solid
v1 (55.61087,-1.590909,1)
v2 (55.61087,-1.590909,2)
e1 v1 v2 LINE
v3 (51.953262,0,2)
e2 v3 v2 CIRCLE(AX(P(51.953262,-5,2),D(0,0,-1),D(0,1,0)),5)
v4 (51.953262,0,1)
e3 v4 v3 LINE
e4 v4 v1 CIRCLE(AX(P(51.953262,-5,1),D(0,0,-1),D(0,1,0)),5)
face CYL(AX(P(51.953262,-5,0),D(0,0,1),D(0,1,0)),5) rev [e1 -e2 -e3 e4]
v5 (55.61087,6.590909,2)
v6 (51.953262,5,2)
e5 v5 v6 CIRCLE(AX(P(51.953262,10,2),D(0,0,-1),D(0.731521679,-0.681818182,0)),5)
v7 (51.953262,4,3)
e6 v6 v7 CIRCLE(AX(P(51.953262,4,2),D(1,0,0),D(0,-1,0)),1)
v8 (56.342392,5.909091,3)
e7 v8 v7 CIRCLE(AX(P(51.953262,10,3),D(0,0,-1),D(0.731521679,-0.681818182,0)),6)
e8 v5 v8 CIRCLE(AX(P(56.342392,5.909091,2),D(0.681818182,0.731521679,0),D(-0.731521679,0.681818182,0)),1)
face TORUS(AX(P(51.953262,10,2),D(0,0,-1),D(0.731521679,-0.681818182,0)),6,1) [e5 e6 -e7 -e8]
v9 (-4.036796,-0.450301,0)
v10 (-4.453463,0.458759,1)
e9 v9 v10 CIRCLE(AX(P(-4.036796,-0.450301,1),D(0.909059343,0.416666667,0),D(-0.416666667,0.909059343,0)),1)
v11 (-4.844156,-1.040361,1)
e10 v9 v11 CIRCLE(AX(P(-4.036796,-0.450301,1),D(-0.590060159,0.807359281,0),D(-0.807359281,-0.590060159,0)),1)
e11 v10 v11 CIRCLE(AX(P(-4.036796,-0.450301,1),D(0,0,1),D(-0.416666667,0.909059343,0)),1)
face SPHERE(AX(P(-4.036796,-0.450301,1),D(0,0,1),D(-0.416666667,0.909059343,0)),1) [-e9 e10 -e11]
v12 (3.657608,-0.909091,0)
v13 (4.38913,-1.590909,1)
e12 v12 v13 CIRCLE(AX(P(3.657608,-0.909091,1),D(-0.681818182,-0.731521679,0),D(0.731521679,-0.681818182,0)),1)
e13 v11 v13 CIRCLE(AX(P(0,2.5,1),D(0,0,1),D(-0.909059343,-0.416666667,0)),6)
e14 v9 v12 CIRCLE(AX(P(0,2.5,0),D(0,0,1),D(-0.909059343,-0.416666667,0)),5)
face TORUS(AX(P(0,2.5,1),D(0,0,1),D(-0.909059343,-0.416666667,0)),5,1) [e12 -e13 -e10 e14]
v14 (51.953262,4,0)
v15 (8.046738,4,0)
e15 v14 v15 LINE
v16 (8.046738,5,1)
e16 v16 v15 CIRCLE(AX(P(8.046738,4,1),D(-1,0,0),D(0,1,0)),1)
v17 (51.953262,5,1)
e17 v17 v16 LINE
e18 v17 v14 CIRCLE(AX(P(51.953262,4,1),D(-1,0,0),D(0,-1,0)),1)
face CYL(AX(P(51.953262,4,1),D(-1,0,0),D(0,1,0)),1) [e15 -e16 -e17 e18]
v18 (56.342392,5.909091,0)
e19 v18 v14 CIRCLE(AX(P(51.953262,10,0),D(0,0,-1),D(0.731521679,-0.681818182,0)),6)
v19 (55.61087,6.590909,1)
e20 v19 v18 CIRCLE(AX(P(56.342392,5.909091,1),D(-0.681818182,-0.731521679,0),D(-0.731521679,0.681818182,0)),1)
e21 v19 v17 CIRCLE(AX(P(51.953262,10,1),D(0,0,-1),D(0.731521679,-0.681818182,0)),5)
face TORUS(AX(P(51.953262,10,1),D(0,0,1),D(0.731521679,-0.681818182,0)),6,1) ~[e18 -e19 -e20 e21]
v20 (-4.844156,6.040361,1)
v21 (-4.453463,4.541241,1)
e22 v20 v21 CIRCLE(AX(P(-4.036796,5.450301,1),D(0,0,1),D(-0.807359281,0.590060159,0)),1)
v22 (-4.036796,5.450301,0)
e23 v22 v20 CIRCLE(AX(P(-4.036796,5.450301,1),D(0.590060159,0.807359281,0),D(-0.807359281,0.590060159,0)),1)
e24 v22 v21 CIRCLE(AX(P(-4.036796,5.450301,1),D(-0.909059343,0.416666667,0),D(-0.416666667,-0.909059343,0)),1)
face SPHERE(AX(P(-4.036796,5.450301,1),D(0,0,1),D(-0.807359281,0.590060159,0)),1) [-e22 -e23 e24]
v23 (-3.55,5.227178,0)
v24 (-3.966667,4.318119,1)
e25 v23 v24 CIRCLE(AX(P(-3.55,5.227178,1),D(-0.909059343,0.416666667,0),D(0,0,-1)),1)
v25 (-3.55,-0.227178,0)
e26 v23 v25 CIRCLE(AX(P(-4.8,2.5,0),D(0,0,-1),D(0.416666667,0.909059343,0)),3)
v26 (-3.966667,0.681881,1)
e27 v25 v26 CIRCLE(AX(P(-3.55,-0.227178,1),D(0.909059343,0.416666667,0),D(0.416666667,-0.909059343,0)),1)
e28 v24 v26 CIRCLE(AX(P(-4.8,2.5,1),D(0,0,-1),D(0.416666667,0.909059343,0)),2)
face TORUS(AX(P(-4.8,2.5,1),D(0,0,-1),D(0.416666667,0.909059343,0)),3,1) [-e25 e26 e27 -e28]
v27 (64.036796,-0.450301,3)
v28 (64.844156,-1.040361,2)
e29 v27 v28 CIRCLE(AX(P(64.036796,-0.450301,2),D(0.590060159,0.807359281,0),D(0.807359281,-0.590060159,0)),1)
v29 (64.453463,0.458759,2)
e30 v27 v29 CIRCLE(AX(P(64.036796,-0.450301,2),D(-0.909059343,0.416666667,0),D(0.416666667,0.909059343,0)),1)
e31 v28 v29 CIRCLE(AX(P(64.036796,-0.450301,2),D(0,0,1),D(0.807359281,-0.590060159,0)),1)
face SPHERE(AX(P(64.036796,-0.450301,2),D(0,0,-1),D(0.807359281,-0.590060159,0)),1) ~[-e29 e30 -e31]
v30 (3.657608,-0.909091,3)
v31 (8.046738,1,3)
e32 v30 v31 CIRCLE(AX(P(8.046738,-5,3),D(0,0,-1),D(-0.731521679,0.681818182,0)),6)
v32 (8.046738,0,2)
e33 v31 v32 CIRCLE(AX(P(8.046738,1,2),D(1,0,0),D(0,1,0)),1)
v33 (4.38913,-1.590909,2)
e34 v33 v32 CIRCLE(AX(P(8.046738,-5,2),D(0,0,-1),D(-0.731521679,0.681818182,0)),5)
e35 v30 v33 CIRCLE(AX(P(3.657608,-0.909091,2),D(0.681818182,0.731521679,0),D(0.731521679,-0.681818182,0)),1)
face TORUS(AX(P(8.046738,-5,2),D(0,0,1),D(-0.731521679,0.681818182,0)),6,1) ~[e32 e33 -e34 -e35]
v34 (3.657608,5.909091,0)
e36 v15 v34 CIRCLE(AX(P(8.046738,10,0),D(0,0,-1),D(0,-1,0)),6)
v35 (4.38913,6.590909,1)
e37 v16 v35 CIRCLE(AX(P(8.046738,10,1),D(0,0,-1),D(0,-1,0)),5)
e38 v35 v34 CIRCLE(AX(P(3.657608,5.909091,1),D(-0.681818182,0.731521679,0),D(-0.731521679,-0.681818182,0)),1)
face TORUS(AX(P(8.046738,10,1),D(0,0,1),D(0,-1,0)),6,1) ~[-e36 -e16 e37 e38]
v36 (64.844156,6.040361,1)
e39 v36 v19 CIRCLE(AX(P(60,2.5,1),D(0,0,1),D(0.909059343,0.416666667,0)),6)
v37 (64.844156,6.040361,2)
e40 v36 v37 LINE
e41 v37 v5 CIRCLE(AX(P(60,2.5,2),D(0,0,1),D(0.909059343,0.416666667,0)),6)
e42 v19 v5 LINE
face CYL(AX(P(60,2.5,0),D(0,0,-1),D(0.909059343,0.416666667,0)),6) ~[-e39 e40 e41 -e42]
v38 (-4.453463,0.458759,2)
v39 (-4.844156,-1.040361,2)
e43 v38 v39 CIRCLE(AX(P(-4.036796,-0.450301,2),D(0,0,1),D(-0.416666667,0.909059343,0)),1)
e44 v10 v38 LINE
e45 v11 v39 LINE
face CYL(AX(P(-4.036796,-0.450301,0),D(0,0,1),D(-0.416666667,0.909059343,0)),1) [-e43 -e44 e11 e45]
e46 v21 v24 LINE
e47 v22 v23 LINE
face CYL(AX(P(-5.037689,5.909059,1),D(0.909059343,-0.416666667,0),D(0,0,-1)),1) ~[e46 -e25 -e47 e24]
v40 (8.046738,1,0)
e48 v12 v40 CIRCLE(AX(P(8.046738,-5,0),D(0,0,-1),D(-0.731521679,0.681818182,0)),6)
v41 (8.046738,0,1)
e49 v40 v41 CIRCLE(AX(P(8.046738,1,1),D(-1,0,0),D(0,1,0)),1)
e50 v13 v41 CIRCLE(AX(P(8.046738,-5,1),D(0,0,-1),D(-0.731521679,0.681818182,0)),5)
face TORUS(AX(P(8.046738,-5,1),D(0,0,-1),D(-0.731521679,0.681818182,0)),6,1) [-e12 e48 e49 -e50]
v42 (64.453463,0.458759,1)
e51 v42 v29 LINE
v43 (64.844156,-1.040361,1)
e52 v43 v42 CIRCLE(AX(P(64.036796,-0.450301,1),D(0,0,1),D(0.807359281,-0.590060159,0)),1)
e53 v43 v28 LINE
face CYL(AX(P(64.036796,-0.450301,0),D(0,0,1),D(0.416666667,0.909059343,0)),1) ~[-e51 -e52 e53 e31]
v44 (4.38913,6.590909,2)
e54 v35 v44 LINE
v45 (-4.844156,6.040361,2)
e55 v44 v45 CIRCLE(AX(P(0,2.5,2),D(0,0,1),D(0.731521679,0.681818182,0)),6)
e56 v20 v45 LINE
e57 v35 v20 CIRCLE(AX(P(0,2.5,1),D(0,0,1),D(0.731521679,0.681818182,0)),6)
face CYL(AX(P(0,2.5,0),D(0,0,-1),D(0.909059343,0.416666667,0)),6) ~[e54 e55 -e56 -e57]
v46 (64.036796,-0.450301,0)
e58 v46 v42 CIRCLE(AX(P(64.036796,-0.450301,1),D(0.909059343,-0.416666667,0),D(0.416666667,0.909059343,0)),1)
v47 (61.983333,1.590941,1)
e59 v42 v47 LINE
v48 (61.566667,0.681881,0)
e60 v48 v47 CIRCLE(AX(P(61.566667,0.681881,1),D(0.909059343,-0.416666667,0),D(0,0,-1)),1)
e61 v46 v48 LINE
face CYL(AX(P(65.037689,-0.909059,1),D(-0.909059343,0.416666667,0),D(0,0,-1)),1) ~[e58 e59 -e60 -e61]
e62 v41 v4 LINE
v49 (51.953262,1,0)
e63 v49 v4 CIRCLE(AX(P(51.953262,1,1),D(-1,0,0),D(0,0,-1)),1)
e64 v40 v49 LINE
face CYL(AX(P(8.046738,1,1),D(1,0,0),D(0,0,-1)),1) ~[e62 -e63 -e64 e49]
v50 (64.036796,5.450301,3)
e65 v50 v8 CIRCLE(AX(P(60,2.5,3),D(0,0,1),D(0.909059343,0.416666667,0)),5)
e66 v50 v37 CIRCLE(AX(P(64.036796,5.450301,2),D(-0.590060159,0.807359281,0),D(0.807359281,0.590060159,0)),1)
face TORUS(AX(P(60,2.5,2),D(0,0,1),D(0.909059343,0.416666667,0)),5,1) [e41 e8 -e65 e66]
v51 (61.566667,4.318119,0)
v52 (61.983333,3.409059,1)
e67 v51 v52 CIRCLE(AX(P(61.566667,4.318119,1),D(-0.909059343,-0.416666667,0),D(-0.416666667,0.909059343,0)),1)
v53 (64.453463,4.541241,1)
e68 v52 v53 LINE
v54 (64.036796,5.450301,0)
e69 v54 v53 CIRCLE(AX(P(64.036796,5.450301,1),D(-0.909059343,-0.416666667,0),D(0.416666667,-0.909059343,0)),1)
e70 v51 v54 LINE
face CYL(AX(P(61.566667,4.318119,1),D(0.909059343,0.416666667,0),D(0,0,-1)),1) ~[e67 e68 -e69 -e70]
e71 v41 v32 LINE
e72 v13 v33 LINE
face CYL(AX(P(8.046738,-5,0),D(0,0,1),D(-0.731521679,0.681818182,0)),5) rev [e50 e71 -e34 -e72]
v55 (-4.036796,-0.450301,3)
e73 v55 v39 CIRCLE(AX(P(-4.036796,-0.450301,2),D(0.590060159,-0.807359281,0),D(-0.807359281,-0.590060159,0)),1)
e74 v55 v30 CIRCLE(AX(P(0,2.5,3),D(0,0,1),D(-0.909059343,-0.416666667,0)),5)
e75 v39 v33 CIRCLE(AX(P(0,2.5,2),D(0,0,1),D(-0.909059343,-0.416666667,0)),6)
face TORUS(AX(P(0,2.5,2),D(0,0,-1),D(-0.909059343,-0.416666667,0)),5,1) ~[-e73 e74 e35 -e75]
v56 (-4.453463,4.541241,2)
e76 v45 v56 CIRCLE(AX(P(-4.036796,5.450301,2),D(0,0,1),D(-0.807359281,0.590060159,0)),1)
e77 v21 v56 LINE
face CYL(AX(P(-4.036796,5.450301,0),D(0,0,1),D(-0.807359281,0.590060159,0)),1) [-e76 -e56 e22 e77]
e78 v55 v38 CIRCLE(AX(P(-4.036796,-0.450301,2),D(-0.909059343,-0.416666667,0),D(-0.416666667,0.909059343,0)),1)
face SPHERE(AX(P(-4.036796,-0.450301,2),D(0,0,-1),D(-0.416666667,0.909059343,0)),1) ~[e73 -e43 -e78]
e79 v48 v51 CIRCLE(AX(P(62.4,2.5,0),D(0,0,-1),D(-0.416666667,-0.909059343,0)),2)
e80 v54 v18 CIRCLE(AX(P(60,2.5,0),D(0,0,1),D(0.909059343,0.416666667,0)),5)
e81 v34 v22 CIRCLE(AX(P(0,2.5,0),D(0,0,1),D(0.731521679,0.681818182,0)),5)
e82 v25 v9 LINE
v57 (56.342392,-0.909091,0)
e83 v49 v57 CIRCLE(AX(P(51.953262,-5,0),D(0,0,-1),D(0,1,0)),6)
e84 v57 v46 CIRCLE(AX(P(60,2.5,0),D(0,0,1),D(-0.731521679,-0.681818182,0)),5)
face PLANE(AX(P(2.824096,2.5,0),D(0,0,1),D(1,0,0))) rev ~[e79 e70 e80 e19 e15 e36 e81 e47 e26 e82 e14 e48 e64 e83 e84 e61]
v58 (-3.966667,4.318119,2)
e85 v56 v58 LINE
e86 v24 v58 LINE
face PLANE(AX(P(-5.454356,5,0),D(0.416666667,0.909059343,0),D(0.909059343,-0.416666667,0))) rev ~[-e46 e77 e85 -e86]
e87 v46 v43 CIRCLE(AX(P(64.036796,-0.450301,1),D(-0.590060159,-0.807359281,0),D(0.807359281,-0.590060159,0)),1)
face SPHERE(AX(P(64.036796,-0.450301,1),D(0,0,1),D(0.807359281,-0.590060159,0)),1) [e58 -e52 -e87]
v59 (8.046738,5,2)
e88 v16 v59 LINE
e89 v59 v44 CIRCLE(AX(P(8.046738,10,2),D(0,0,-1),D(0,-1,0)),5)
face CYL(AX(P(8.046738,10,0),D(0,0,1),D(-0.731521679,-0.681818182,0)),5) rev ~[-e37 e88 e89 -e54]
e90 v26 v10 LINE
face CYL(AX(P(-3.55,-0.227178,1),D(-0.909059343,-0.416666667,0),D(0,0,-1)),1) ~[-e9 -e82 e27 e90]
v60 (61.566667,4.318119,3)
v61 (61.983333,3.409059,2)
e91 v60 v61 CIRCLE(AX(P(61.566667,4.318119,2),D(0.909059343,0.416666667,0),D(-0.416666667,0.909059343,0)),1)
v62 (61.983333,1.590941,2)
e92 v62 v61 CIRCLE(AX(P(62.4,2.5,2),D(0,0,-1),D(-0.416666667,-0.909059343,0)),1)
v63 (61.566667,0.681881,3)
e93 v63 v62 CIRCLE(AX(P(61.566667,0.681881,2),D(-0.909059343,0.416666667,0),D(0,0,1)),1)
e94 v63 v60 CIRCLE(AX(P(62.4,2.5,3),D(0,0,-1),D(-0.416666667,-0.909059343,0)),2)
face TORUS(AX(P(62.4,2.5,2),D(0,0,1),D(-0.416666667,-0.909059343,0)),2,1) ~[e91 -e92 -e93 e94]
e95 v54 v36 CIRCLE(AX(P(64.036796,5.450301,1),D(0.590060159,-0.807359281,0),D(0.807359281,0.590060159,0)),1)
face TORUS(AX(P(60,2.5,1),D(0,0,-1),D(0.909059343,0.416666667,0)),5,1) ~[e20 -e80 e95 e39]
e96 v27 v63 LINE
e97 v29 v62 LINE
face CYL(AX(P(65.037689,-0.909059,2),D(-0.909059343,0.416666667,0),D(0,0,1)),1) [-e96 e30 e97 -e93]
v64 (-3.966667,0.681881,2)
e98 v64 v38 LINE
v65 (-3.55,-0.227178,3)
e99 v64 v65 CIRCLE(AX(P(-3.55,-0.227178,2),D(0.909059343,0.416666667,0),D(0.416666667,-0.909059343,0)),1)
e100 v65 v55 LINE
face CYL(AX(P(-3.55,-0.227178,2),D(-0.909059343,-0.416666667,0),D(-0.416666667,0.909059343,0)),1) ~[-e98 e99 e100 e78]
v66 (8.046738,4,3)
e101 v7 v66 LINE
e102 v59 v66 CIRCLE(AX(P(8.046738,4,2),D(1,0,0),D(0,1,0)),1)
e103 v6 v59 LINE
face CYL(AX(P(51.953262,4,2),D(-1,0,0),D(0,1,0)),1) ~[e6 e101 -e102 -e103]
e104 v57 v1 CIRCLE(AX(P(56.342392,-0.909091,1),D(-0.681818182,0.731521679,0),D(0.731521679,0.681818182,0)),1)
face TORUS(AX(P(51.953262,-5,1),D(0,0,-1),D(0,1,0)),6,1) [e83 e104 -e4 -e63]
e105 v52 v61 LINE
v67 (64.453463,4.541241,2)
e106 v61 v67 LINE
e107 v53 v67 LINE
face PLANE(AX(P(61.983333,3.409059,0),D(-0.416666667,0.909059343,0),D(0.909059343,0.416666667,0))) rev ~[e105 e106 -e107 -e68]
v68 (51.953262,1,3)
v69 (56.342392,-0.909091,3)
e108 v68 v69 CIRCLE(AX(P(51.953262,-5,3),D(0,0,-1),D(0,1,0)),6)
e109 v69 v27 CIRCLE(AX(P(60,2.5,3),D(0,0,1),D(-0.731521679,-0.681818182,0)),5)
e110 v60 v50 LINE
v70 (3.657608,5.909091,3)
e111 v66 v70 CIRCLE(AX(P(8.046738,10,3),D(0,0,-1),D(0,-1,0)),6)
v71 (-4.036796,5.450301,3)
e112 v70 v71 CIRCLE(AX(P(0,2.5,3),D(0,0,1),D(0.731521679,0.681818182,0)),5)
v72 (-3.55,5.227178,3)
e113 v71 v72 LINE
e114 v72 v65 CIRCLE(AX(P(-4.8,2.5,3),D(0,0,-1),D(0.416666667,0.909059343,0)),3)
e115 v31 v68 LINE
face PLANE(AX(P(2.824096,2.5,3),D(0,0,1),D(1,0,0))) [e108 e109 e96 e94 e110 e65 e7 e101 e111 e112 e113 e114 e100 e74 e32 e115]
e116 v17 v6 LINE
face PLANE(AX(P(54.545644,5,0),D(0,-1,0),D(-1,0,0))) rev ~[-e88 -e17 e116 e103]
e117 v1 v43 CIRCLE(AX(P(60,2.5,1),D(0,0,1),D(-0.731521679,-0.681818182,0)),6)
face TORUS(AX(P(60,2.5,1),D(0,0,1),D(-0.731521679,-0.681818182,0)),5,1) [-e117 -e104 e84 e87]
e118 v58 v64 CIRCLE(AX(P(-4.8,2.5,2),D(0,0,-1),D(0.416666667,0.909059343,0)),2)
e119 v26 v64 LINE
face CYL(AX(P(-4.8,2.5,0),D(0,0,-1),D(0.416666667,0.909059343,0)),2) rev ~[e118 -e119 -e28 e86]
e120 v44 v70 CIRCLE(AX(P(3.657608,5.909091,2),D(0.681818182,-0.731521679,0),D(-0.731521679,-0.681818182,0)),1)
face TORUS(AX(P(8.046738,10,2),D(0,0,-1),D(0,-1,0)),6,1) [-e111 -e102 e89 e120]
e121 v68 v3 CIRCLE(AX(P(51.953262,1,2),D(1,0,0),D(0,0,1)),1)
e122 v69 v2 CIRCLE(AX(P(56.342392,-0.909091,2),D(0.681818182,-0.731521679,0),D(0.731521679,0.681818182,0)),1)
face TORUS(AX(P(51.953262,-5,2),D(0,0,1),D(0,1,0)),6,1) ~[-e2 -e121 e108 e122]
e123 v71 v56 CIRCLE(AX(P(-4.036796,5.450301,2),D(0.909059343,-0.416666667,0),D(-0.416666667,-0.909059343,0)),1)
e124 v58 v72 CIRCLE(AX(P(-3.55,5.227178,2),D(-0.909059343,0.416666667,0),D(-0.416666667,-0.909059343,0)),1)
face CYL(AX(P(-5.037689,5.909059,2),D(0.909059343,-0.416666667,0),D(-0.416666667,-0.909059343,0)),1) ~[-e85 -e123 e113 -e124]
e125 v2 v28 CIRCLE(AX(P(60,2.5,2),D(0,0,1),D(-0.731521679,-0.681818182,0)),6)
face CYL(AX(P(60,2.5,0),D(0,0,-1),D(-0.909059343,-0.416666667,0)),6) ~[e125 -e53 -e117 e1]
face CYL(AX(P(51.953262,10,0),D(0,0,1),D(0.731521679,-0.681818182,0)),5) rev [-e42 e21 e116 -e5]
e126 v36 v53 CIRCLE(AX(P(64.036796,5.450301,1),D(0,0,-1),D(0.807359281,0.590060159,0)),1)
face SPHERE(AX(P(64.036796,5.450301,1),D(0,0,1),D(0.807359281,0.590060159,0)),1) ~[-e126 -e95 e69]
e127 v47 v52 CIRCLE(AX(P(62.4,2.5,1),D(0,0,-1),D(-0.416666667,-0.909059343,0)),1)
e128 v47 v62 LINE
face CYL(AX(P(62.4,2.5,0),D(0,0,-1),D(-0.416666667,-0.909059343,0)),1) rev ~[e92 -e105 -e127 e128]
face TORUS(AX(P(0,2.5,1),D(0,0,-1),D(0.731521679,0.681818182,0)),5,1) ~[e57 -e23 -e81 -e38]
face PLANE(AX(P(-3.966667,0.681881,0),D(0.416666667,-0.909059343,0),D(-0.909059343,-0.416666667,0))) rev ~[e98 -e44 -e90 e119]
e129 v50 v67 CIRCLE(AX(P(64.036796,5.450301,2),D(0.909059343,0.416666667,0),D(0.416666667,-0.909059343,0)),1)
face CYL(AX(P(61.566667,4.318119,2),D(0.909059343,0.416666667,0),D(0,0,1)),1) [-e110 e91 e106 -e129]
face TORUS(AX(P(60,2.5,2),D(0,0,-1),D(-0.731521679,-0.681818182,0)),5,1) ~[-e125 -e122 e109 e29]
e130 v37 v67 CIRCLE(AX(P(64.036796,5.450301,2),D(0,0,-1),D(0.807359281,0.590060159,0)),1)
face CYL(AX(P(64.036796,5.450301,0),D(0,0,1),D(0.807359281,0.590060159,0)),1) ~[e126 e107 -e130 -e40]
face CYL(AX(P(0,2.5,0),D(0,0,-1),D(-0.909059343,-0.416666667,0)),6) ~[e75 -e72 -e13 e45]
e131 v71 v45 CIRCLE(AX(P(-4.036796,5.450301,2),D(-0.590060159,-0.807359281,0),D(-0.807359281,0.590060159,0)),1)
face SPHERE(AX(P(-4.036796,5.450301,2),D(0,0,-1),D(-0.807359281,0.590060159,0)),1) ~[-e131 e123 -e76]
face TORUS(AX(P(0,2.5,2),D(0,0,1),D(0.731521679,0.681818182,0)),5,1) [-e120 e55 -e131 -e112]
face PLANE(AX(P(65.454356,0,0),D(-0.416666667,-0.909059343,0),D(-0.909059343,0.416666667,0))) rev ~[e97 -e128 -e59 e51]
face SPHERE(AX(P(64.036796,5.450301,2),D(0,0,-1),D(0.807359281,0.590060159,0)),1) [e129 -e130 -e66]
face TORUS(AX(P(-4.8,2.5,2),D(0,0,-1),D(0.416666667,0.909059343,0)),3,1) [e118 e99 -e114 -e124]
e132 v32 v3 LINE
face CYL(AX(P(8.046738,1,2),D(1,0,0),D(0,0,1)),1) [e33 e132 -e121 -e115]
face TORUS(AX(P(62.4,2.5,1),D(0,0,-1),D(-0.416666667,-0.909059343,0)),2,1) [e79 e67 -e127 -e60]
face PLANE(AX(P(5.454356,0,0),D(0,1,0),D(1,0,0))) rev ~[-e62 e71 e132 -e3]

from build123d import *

# Parameters (mm, degrees)
F1_DEPTH = 3
F2_R     = 5
F3_R     = 1


with BuildPart() as f1:
    # F0 (on Top) → F1 (new body)
    with BuildSketch(Plane.XY):
        with BuildLine():
            Line((0, 5), (0, 0))
            Line((0, 0), (5.4543560573, 0))
            ThreePointArc((5.4543560573, 0), (6, 2.5), (5.4543560573, 5))
            Line((5.4543560573, 5), (0, 5))
        make_face()
        with BuildLine():
            Line((-5.4543560573, 0), (0, 0))
            Line((0, 0), (0, 5))
            Line((0, 5), (-5.4543560573, 5))
            Line((-5.4543560573, 5), (-3.9666666667, 4.3181186858))
            ThreePointArc((-3.9666666667, 4.3181186858), (-2.8, 2.5), (-3.9666666667, 0.6818813142))
            Line((-3.9666666667, 0.6818813142), (-5.4543560573, 0))
        make_face()
        with BuildLine():
            Line((5.4543560573, 0), (0, 0))
            Line((0, 0), (-5.4543560573, 0))
            ThreePointArc((-5.4543560573, 0), (0, -3.5), (5.4543560573, 0))
        make_face()
        with BuildLine():
            ThreePointArc((5.4543560573, 5), (6, 2.5), (5.4543560573, 0))
            Line((5.4543560573, 0), (54.5456439427, 0))
            ThreePointArc((54.5456439427, 0), (54, 2.5), (54.5456439427, 5))
            Line((54.5456439427, 5), (5.4543560573, 5))
        make_face()
        with BuildLine():
            Line((-5.4543560573, 5), (0, 5))
            Line((0, 5), (5.4543560573, 5))
            ThreePointArc((5.4543560573, 5), (0, 8.5), (-5.4543560573, 5))
        make_face()
        with BuildLine():
            ThreePointArc((54.5456439427, 5), (54, 2.5), (54.5456439427, 0))
            Line((54.5456439427, 0), (60, 0))
            Line((60, 0), (60, 2.5))
            Line((60, 2.5), (60, 5))
            Line((60, 5), (54.5456439427, 5))
        make_face()
        with BuildLine():
            Line((60, 0), (54.5456439427, 0))
            ThreePointArc((54.5456439427, 0), (60, -3.5), (65.4543560573, 0))
            Line((65.4543560573, 0), (60, 0))
        make_face()
        Polygon((60, 2.5), (60, 0), (65.4543560573, 0), (61.9833333333, 1.5909406571), align=None)
        with BuildLine():
            ThreePointArc((65.4543560573, 5), (60, 8.5), (54.5456439427, 5))
            Line((54.5456439427, 5), (60, 5))
            Line((60, 5), (65.4543560573, 5))
        make_face()
        with BuildLine():
            Line((61.9833333333, 3.4090593429), (60, 2.5))
            Line((60, 2.5), (61.9833333333, 1.5909406571))
            ThreePointArc((61.9833333333, 1.5909406571), (61.4, 2.5), (61.9833333333, 3.4090593429))
        make_face()
        Polygon((60, 5), (60, 2.5), (61.9833333333, 3.4090593429), (65.4543560573, 5), align=None)
    extrude(amount=F1_DEPTH)

    # F2
    f2_edges = [f1.edges().sort_by_distance(p)[0] for p in [
        (5.454356, 0, 1.5),
        (54.545644, 0, 1.5),
        (54.545644, 5, 1.5),
        (5.454356, 5, 1.5),
    ]]
    fillet(f2_edges, radius=F2_R)

    # F3
    f3_edges = [f1.edges().sort_by_distance(p)[0] for p in [
        (-0.957301, 8.423139, 3),
        (6.052428, 5.414945, 3),
        (-4.710511, 4.659059, 3),
        (30, 5, 3),
        (-2.8, 2.5, 3),
        (53.947572, 5.414945, 3),
        (-4.710511, 0.340941, 3),
        (60.957301, 8.423139, 3),
        (-0.957301, -3.423139, 3),
        (63.718845, 4.20453, 3),
        (6.052428, -0.414945, 3),
        (61.4, 2.5, 3),
        (30, 0, 3),
        (63.718845, 0.79547, 3),
        (53.947572, -0.414945, 3),
        (60.957301, -3.423139, 3),
        (-0.957301, 8.423139, 0),
        (6.052428, 5.414945, 0),
        (-4.710511, 4.659059, 0),
        (30, 5, 0),
        (-2.8, 2.5, 0),
        (53.947572, 5.414945, 0),
        (-4.710511, 0.340941, 0),
        (60.957301, 8.423139, 0),
        (-0.957301, -3.423139, 0),
        (63.718845, 4.20453, 0),
        (6.052428, -0.414945, 0),
        (61.4, 2.5, 0),
        (30, 0, 0),
        (63.718845, 0.79547, 0),
        (53.947572, -0.414945, 0),
        (60.957301, -3.423139, 0),
        (65.454356, 0, 1.5),
        (65.454356, 5, 1.5),
        (-5.454356, 0, 1.5),
        (-5.454356, 5, 1.5),
    ]]
    fillet(f3_edges, radius=F3_R)


solid = f1.part
